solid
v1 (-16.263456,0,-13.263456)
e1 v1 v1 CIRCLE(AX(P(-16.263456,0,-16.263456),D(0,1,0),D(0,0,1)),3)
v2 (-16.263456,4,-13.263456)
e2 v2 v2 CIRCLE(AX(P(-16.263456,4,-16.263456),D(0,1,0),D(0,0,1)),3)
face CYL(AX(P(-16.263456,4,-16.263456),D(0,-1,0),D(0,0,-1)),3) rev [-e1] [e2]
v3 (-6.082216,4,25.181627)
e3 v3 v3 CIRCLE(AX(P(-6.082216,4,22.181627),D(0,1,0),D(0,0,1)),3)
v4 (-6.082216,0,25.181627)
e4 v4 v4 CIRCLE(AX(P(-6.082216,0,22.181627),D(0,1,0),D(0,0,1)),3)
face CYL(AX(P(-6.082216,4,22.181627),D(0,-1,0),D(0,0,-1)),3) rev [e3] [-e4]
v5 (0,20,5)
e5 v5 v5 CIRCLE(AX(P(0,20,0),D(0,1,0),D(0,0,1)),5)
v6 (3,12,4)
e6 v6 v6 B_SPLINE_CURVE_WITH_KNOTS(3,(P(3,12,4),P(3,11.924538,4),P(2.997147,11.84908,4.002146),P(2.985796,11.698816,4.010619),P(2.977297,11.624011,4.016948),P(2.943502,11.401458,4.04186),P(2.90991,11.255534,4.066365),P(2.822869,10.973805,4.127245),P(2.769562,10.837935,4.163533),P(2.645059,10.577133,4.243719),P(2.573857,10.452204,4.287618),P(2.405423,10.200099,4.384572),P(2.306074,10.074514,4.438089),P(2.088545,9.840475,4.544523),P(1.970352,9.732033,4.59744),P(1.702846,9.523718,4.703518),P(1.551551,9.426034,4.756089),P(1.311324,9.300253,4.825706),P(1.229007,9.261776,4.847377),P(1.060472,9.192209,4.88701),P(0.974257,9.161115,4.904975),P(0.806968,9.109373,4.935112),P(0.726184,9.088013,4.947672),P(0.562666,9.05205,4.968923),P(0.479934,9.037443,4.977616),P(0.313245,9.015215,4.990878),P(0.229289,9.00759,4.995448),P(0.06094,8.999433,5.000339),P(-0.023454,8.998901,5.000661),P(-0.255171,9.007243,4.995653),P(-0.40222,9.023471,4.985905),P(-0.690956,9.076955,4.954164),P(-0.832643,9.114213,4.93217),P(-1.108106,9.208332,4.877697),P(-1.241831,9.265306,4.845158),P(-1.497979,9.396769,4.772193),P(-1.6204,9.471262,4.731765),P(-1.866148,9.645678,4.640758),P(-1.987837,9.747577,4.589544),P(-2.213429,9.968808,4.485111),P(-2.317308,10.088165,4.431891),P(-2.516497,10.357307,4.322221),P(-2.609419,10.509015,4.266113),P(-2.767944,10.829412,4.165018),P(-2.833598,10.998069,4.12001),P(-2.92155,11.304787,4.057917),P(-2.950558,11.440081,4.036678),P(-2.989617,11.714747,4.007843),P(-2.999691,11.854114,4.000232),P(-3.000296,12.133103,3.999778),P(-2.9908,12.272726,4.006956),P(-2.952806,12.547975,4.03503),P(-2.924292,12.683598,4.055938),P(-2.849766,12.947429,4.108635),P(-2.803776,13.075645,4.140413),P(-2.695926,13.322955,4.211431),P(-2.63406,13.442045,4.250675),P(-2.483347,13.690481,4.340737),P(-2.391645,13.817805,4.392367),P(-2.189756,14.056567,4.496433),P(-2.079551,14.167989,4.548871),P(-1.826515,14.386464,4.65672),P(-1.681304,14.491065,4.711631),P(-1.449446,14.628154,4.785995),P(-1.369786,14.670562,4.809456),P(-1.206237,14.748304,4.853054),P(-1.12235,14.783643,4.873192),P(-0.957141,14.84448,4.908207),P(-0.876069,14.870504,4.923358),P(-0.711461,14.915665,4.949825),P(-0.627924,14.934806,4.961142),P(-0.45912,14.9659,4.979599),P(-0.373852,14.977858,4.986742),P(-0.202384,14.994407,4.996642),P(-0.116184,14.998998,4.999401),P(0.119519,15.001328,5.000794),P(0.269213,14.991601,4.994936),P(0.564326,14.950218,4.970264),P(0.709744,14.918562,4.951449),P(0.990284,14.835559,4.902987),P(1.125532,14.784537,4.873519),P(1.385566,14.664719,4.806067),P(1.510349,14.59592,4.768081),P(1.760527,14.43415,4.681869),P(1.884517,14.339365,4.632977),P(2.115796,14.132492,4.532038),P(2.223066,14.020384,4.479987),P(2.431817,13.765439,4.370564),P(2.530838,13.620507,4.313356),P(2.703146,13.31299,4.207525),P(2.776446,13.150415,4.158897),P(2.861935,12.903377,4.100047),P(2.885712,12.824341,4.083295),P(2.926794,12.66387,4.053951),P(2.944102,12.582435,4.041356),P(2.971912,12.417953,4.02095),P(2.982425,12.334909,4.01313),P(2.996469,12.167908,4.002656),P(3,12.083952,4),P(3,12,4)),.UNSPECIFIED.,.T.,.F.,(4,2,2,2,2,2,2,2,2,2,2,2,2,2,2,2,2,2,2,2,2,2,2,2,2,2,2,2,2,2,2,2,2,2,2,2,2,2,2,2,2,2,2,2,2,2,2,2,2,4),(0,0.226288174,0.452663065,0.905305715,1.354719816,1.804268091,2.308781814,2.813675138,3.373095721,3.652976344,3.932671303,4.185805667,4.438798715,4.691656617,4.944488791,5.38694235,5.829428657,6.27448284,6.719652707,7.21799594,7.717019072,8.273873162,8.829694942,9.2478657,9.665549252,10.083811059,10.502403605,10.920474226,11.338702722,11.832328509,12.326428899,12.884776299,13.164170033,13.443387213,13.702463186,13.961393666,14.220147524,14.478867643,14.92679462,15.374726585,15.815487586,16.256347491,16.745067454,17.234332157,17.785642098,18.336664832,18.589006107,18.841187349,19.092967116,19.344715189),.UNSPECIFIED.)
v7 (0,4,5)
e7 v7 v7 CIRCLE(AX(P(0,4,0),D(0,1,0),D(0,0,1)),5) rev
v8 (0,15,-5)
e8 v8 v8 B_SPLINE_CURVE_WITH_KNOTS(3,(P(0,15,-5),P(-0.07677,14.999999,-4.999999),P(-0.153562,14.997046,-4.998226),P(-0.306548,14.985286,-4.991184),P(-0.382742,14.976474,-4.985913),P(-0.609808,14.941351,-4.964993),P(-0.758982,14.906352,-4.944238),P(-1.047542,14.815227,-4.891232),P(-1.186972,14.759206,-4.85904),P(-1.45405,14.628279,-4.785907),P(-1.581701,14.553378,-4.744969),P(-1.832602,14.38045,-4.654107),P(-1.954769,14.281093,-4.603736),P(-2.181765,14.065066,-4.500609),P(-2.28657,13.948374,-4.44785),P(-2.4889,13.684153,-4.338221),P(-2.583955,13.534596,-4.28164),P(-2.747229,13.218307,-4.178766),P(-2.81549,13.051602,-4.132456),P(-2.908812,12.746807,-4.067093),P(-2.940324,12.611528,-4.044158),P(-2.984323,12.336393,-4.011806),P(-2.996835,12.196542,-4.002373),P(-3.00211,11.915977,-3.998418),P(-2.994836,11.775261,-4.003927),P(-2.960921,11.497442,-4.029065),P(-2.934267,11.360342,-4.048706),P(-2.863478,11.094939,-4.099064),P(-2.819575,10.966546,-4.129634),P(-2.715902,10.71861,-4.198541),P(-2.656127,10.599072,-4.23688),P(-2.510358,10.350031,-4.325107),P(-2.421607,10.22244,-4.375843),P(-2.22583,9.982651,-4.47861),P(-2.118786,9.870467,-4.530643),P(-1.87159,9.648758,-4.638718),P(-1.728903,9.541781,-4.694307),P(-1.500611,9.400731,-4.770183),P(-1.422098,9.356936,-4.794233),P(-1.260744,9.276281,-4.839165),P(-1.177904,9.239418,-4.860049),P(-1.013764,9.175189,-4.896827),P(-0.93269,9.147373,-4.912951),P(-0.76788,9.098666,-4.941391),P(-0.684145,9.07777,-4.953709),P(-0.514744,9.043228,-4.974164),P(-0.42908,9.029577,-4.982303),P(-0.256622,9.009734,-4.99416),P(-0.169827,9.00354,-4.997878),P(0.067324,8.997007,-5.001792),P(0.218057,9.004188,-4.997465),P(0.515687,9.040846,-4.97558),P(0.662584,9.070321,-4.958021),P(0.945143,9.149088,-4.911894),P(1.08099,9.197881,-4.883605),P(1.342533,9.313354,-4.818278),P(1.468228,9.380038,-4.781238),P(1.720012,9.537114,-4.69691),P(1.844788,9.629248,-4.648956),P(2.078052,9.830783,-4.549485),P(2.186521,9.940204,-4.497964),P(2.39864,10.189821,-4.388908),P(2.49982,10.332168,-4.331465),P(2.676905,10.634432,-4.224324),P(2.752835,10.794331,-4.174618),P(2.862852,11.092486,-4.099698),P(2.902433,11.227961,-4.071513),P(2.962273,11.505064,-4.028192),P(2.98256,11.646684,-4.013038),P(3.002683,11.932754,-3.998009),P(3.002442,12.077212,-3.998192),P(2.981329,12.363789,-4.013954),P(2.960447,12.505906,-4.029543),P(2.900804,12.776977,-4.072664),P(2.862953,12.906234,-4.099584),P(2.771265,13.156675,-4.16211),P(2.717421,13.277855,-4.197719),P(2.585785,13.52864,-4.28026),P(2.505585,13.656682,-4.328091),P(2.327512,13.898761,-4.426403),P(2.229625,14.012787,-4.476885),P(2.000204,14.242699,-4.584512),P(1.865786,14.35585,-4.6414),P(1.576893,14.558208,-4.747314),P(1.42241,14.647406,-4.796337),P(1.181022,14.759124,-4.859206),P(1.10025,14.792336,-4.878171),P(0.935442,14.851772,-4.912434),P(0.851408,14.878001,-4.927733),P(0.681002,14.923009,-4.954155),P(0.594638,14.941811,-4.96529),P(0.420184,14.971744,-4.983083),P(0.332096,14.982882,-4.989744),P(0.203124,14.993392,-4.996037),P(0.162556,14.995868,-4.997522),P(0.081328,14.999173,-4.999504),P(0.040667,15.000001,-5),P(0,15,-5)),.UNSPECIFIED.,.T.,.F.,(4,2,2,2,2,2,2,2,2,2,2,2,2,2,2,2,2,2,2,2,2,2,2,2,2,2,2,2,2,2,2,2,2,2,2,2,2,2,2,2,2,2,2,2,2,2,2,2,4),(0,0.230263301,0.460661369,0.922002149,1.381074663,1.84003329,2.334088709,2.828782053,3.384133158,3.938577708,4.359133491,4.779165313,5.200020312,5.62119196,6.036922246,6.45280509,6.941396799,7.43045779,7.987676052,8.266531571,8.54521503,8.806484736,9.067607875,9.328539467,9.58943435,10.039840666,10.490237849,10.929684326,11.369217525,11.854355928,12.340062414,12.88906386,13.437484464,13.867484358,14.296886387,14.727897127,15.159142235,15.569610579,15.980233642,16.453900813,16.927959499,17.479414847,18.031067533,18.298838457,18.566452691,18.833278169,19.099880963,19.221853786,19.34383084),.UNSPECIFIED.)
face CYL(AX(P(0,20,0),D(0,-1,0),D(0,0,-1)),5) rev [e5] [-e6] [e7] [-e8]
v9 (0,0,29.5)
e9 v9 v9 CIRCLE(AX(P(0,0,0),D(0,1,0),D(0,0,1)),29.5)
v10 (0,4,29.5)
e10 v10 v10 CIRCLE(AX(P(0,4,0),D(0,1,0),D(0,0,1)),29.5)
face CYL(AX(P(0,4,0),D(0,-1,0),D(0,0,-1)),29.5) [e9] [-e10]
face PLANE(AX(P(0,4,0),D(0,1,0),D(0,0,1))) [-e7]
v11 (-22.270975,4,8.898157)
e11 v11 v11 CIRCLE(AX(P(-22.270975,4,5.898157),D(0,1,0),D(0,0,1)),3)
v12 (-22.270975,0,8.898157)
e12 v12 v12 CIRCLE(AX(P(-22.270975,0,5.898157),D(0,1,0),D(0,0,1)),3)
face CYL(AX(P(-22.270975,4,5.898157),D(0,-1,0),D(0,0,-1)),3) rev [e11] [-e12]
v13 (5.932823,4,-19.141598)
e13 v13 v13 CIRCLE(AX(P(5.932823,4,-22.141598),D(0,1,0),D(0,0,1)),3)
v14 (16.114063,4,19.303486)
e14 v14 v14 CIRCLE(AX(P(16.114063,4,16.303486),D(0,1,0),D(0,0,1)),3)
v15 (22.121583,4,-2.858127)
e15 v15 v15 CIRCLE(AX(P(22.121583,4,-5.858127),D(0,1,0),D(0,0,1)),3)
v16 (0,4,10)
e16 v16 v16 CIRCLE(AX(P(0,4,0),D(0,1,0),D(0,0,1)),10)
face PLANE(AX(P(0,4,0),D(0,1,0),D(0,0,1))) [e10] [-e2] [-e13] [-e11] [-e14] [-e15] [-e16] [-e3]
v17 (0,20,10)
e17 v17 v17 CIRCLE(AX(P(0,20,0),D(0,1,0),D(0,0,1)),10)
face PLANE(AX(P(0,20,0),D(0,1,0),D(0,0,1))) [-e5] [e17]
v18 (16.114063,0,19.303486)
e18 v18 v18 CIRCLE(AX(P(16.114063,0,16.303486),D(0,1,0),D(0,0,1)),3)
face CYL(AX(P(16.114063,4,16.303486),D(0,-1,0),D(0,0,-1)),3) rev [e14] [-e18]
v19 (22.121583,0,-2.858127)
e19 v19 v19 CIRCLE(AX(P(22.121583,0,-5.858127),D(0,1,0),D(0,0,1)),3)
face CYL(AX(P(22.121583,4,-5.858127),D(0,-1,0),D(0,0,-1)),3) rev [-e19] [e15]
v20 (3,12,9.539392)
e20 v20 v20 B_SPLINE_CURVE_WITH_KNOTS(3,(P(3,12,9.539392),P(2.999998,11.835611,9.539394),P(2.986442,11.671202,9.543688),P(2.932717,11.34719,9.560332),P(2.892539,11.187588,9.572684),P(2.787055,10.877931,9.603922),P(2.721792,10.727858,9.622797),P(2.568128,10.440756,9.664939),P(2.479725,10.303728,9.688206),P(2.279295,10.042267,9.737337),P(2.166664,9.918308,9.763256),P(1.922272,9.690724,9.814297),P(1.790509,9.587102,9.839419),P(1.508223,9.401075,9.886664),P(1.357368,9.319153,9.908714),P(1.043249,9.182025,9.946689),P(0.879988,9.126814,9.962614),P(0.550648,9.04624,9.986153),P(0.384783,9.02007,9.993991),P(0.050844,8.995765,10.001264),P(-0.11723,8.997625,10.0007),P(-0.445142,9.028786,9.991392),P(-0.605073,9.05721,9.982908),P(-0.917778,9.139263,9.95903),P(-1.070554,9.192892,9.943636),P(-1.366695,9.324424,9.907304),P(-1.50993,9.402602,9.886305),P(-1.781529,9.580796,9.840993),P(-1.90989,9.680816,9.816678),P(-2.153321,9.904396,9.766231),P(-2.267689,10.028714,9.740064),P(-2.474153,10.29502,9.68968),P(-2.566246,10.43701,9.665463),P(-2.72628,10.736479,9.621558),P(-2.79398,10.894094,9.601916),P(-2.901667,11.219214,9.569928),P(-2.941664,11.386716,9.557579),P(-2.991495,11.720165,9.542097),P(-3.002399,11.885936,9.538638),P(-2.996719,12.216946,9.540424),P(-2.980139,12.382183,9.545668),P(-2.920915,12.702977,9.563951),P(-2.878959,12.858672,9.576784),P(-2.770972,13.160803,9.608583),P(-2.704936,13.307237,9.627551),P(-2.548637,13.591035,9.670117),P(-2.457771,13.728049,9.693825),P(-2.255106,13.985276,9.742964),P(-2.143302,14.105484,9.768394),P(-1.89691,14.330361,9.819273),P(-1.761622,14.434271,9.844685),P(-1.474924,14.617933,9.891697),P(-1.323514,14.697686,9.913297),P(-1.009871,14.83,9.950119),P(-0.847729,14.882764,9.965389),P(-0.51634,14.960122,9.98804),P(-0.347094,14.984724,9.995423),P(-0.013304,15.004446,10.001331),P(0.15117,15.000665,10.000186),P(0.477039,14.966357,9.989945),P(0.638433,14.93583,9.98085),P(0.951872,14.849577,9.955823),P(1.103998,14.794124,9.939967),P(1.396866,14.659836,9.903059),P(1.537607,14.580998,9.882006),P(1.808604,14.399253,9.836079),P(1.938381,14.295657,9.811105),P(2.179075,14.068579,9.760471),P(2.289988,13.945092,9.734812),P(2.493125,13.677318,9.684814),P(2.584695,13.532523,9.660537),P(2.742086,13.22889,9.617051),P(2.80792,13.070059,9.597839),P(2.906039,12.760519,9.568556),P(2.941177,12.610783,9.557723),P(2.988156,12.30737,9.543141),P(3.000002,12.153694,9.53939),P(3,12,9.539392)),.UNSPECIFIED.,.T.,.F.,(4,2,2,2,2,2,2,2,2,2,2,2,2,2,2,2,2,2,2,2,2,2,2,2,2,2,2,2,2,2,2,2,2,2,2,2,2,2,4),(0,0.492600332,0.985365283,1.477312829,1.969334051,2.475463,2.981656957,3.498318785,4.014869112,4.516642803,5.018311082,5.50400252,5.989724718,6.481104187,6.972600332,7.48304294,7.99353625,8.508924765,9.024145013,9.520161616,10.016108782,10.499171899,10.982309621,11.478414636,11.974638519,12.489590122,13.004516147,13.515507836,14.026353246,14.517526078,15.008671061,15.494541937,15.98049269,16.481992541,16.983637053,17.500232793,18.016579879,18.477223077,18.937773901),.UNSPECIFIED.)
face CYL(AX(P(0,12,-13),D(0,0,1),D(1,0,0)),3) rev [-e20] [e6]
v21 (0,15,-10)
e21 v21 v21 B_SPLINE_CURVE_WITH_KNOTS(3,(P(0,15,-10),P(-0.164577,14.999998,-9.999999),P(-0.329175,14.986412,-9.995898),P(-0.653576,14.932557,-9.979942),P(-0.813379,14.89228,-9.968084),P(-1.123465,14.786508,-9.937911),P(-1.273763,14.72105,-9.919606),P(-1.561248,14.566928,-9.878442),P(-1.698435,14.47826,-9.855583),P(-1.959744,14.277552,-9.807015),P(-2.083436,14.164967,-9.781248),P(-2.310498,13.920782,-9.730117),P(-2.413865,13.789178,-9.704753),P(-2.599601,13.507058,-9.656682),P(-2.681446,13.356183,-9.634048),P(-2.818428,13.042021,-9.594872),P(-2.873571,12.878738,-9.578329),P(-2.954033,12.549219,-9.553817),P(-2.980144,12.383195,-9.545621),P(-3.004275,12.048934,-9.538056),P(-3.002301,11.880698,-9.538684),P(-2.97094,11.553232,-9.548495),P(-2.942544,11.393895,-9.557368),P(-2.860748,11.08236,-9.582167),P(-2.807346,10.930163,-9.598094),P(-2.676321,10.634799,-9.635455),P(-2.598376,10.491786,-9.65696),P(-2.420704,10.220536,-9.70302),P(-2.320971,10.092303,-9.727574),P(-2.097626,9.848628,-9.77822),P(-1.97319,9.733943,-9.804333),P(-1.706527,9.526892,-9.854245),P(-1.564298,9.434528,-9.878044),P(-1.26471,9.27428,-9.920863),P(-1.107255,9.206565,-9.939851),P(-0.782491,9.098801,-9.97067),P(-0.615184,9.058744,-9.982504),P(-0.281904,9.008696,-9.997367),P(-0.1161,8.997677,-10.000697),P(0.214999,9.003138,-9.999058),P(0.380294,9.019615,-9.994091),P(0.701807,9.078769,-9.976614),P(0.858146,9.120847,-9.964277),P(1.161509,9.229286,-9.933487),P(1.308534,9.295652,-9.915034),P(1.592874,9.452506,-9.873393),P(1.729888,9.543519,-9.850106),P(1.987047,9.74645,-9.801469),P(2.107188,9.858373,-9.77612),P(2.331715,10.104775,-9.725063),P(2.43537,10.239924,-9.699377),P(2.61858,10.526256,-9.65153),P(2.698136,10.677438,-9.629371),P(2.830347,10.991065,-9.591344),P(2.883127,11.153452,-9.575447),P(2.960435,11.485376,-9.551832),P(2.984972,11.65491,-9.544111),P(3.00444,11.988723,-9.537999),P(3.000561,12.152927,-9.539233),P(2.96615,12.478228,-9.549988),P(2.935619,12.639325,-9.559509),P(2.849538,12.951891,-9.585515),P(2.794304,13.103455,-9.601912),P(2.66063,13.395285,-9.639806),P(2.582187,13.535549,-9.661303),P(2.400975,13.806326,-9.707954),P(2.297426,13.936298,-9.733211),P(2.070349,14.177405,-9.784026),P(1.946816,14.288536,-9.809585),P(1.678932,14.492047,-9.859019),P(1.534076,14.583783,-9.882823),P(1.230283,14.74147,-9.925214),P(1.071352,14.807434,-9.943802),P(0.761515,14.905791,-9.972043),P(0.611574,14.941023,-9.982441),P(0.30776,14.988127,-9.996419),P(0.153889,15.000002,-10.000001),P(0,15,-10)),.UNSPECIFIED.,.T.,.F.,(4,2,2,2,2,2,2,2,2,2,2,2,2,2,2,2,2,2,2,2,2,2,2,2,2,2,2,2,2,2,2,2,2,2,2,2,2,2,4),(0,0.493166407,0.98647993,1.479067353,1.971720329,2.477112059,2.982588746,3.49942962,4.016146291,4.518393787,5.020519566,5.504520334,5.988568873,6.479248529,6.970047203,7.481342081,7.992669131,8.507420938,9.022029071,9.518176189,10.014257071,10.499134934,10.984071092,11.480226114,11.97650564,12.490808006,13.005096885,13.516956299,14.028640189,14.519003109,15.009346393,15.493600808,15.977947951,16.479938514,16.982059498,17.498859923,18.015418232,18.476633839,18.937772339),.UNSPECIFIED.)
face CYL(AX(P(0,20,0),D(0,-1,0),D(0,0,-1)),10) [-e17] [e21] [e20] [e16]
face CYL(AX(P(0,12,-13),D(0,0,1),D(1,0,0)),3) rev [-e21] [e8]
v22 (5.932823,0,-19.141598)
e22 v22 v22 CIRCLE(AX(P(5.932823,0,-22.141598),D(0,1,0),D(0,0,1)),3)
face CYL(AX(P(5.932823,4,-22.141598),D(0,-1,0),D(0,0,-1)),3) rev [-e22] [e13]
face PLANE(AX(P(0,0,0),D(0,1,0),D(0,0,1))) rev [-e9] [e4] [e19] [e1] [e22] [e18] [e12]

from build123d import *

# Parameters (mm, degrees)
SKETCH1_R           = 29.5
SKETCH1_R_2         = 3
BOSS_EXTRUDE1_DEPTH = 4
SKETCH2_R           = 10
SKETCH2_R_2         = 5
BOSS_EXTRUDE2_DEPTH = 16
SKETCH3_R           = 3
CUT_EXTRUDE1_DEPTH  = 13


with BuildPart() as part:
    # Sketch1 → Boss-Extrude1 (new body)
    with BuildSketch(Plane(origin=(0, 0, 0), x_dir=(1, 0, 0), z_dir=(0, 1, 0))):
        with Locations(Location((0, 0, 0), (0, 0, 270))):
            Circle(SKETCH1_R)
        with Locations(Location((-16.263455967, 16.263455967, 0), (0, 0, 270))):
            Circle(SKETCH1_R_2, mode=Mode.SUBTRACT)
        with Locations(Location((5.932823239, 22.141597761, 0), (0, 0, 270))):
            Circle(SKETCH1_R_2, mode=Mode.SUBTRACT)
        with Locations(Location((22.121582963, 5.858126996, 0), (0, 0, 270))):
            Circle(SKETCH1_R_2, mode=Mode.SUBTRACT)
        with Locations(Location((16.11406348, -16.303485564, 0), (0, 0, 270))):
            Circle(SKETCH1_R_2, mode=Mode.SUBTRACT)
        with Locations(Location((-6.082215726, -22.181627357, 0), (0, 0, 270))):
            Circle(SKETCH1_R_2, mode=Mode.SUBTRACT)
        with Locations(Location((-22.27097545, -5.898156592, 0), (0, 0, 270))):
            Circle(SKETCH1_R_2, mode=Mode.SUBTRACT)
    extrude(amount=BOSS_EXTRUDE1_DEPTH)

    # Sketch2 → Boss-Extrude2 (add)
    with BuildSketch(Plane(origin=(0, 4, 0), x_dir=(1, 0, 0), z_dir=(0, 1, 0))):
        with Locations(Location((0, 0, 0), (0, 0, 270))):
            Circle(SKETCH2_R)
        with Locations(Location((0, 0, 0), (0, 0, 270))):
            Circle(SKETCH2_R_2, mode=Mode.SUBTRACT)
    extrude(amount=BOSS_EXTRUDE2_DEPTH)

    # Sketch3 → Cut-Extrude1 (cut, symmetric)
    with BuildSketch(Plane.XY):
        with Locations((0, 12)):
            Circle(SKETCH3_R)
    extrude(amount=CUT_EXTRUDE1_DEPTH, both=True, mode=Mode.SUBTRACT)


solid = part.part
